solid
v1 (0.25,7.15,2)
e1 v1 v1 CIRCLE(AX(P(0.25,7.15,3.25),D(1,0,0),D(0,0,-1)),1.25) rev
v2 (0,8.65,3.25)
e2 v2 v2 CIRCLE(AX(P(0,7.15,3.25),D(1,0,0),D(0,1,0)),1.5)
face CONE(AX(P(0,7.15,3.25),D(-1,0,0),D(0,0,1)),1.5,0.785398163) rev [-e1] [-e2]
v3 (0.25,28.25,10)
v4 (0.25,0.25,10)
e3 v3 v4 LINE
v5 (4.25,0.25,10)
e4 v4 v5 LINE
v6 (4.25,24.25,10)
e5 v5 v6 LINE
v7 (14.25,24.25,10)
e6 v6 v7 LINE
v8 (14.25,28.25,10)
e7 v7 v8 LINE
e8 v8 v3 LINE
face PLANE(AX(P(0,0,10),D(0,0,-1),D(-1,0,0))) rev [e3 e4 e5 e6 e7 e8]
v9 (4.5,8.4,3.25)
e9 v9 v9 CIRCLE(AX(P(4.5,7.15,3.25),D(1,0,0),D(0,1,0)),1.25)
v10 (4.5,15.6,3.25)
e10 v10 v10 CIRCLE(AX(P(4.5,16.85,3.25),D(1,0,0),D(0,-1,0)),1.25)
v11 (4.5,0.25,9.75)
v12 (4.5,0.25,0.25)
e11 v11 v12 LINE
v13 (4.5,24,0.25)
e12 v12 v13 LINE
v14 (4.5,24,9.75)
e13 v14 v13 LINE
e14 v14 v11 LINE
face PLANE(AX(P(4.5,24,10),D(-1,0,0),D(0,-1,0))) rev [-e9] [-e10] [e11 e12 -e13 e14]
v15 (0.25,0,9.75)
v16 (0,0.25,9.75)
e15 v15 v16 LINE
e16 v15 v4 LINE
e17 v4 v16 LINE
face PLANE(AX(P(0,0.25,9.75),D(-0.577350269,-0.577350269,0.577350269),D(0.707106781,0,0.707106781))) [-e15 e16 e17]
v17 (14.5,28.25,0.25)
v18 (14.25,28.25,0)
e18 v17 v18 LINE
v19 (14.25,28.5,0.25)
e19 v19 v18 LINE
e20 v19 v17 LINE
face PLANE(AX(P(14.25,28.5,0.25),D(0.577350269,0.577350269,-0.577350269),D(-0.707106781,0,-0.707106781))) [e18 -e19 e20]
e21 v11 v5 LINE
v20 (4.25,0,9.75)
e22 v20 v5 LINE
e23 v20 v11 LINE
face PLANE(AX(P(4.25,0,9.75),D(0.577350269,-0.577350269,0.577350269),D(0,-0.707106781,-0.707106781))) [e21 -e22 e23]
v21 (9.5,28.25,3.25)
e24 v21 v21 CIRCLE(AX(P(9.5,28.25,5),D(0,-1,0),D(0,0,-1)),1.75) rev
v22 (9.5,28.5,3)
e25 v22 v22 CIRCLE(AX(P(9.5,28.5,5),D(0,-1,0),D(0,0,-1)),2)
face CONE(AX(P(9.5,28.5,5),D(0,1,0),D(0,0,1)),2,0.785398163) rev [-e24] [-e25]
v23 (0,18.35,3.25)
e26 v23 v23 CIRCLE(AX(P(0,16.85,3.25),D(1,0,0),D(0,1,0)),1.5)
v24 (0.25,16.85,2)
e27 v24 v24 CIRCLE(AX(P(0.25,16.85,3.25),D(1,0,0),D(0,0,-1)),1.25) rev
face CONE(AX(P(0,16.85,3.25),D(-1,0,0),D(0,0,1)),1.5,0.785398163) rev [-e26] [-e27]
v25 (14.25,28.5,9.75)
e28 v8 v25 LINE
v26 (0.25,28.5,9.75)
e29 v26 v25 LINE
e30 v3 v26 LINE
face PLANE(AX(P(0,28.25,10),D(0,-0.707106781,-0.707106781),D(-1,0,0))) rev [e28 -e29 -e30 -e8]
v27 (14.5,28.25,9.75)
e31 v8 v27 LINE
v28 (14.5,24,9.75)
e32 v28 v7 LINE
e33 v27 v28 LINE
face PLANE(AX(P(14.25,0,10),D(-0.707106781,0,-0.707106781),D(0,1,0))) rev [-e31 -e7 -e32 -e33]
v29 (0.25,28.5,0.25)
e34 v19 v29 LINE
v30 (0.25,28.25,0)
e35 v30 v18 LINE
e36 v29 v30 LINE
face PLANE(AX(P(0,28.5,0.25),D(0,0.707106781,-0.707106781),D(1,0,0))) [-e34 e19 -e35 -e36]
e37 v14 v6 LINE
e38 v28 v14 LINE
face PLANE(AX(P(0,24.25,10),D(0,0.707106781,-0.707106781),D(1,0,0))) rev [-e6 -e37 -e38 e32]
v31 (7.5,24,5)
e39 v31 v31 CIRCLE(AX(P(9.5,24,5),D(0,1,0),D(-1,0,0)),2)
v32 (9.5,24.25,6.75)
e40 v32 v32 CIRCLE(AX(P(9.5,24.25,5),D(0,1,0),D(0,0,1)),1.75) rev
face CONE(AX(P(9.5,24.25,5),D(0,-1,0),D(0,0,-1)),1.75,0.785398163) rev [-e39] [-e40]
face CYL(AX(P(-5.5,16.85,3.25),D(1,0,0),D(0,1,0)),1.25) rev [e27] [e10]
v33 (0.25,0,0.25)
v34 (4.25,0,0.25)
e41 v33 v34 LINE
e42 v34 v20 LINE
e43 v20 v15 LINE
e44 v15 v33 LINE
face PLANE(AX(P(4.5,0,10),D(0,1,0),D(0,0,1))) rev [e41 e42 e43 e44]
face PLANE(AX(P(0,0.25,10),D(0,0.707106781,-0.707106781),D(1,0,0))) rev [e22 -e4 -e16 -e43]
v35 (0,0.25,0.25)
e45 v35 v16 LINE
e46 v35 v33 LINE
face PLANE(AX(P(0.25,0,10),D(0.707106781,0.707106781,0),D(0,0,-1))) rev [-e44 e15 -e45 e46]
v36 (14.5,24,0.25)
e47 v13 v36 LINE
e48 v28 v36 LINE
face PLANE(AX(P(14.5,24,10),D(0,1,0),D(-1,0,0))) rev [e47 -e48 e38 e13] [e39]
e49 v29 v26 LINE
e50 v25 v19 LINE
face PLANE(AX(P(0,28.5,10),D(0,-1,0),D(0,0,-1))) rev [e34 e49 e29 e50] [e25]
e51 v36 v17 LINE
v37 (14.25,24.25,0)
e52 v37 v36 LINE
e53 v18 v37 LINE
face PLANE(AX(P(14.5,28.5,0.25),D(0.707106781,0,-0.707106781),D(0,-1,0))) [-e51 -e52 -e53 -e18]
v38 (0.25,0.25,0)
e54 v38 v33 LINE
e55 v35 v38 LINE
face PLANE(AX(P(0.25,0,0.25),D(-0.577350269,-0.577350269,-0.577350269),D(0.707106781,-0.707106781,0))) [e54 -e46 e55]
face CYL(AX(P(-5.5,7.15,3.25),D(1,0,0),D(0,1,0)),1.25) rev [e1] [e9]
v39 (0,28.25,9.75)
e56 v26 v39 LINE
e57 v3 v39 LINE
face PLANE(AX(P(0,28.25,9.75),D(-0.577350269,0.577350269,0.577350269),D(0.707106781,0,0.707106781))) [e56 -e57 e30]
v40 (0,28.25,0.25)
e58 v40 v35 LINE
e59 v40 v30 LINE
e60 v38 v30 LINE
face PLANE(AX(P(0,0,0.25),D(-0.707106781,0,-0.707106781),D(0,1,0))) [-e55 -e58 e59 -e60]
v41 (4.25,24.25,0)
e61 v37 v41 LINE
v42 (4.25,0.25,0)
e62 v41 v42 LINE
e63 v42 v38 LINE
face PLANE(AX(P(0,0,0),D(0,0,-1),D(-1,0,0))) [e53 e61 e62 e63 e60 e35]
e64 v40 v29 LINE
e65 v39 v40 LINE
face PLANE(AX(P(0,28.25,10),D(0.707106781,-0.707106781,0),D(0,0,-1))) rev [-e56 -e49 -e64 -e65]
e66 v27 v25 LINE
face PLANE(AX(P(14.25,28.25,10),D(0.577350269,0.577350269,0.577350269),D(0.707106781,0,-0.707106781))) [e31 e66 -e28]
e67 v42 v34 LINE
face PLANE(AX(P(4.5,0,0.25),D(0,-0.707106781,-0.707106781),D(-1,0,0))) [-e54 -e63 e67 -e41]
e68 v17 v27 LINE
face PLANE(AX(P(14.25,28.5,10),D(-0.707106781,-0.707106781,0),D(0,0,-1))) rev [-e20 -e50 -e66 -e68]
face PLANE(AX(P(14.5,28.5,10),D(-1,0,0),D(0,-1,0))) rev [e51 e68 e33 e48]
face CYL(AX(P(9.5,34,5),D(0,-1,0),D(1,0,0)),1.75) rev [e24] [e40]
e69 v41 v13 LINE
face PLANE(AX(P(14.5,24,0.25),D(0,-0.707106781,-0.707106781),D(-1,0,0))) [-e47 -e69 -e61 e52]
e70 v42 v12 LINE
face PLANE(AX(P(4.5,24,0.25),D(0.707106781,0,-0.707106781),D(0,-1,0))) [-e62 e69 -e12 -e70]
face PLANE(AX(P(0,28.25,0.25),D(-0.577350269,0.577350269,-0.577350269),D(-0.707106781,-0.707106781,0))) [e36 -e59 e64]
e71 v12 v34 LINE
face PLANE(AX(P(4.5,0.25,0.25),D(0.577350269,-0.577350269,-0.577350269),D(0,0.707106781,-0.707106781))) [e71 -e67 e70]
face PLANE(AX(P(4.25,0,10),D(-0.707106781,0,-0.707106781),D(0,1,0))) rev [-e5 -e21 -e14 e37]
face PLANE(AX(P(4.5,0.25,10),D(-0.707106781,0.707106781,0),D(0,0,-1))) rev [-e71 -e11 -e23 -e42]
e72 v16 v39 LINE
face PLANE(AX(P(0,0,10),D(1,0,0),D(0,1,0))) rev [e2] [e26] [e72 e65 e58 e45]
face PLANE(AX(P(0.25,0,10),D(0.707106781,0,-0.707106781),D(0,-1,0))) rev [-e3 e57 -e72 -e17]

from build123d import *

# Parameters (mm, degrees)
BOSS_EXTRUDE1_DEPTH = 10
SKETCH2_R           = 1.75
CUT_EXTRUDE1_DEPTH  = 10
SKETCH3_R           = 1.25
CUT_EXTRUDE2_DEPTH  = 10
CHAMFER1_SIZE       = 0.25


with BuildPart() as part:
    # Sketch1 → Boss-Extrude1 (new body)
    with BuildSketch(Plane.XY):
        Polygon((0, 0), (0, 28.5), (14.5, 28.5), (14.5, 24), (4.5, 24), (4.5, 0), align=None)
    extrude(amount=BOSS_EXTRUDE1_DEPTH)

    # Sketch2 → Cut-Extrude1 (cut)
    with BuildSketch(Plane.XZ.offset(-24)):
        with Locations((9.5, 5)):
            Circle(SKETCH2_R)
    extrude(amount=-CUT_EXTRUDE1_DEPTH, mode=Mode.SUBTRACT)

    # Sketch3 → Cut-Extrude2 (cut)
    with BuildSketch(Plane(origin=(4.5, 0, 0), x_dir=(0, 0, -1), z_dir=(1, 0, 0))):
        with Locations(Location((-3.25, 7.15, 0), (0, 0, 90))):
            Circle(SKETCH3_R)
        with Locations(Location((-3.25, 16.85, 0), (0, 0, 90))):
            Circle(SKETCH3_R)
    extrude(amount=-CUT_EXTRUDE2_DEPTH, mode=Mode.SUBTRACT)

    # Chamfer1
    chamfer1_edges = [part.edges().sort_by_distance(p)[0] for p in [
        (0, 0, 5),
        (0, 28.5, 5),
        (14.5, 28.5, 5),
        (4.5, 0, 5),
        (9.5, 24, 10),
        (14.5, 26.25, 10),
        (7.75, 28.5, 5),
        (7.25, 28.5, 10),
        (7.75, 24, 5),
        (0, 14.25, 10),
        (0, 5.9, 3.25),
        (0, 15.6, 3.25),
        (2.25, 0, 10),
        (0, 14.25, 0),
        (7.25, 28.5, 0),
        (14.5, 26.25, 0),
        (9.5, 24, 0),
        (4.5, 12, 0),
        (2.25, 0, 0),
        (4.5, 12, 10),
    ]]
    chamfer(chamfer1_edges, length=CHAMFER1_SIZE)


solid = part.part
